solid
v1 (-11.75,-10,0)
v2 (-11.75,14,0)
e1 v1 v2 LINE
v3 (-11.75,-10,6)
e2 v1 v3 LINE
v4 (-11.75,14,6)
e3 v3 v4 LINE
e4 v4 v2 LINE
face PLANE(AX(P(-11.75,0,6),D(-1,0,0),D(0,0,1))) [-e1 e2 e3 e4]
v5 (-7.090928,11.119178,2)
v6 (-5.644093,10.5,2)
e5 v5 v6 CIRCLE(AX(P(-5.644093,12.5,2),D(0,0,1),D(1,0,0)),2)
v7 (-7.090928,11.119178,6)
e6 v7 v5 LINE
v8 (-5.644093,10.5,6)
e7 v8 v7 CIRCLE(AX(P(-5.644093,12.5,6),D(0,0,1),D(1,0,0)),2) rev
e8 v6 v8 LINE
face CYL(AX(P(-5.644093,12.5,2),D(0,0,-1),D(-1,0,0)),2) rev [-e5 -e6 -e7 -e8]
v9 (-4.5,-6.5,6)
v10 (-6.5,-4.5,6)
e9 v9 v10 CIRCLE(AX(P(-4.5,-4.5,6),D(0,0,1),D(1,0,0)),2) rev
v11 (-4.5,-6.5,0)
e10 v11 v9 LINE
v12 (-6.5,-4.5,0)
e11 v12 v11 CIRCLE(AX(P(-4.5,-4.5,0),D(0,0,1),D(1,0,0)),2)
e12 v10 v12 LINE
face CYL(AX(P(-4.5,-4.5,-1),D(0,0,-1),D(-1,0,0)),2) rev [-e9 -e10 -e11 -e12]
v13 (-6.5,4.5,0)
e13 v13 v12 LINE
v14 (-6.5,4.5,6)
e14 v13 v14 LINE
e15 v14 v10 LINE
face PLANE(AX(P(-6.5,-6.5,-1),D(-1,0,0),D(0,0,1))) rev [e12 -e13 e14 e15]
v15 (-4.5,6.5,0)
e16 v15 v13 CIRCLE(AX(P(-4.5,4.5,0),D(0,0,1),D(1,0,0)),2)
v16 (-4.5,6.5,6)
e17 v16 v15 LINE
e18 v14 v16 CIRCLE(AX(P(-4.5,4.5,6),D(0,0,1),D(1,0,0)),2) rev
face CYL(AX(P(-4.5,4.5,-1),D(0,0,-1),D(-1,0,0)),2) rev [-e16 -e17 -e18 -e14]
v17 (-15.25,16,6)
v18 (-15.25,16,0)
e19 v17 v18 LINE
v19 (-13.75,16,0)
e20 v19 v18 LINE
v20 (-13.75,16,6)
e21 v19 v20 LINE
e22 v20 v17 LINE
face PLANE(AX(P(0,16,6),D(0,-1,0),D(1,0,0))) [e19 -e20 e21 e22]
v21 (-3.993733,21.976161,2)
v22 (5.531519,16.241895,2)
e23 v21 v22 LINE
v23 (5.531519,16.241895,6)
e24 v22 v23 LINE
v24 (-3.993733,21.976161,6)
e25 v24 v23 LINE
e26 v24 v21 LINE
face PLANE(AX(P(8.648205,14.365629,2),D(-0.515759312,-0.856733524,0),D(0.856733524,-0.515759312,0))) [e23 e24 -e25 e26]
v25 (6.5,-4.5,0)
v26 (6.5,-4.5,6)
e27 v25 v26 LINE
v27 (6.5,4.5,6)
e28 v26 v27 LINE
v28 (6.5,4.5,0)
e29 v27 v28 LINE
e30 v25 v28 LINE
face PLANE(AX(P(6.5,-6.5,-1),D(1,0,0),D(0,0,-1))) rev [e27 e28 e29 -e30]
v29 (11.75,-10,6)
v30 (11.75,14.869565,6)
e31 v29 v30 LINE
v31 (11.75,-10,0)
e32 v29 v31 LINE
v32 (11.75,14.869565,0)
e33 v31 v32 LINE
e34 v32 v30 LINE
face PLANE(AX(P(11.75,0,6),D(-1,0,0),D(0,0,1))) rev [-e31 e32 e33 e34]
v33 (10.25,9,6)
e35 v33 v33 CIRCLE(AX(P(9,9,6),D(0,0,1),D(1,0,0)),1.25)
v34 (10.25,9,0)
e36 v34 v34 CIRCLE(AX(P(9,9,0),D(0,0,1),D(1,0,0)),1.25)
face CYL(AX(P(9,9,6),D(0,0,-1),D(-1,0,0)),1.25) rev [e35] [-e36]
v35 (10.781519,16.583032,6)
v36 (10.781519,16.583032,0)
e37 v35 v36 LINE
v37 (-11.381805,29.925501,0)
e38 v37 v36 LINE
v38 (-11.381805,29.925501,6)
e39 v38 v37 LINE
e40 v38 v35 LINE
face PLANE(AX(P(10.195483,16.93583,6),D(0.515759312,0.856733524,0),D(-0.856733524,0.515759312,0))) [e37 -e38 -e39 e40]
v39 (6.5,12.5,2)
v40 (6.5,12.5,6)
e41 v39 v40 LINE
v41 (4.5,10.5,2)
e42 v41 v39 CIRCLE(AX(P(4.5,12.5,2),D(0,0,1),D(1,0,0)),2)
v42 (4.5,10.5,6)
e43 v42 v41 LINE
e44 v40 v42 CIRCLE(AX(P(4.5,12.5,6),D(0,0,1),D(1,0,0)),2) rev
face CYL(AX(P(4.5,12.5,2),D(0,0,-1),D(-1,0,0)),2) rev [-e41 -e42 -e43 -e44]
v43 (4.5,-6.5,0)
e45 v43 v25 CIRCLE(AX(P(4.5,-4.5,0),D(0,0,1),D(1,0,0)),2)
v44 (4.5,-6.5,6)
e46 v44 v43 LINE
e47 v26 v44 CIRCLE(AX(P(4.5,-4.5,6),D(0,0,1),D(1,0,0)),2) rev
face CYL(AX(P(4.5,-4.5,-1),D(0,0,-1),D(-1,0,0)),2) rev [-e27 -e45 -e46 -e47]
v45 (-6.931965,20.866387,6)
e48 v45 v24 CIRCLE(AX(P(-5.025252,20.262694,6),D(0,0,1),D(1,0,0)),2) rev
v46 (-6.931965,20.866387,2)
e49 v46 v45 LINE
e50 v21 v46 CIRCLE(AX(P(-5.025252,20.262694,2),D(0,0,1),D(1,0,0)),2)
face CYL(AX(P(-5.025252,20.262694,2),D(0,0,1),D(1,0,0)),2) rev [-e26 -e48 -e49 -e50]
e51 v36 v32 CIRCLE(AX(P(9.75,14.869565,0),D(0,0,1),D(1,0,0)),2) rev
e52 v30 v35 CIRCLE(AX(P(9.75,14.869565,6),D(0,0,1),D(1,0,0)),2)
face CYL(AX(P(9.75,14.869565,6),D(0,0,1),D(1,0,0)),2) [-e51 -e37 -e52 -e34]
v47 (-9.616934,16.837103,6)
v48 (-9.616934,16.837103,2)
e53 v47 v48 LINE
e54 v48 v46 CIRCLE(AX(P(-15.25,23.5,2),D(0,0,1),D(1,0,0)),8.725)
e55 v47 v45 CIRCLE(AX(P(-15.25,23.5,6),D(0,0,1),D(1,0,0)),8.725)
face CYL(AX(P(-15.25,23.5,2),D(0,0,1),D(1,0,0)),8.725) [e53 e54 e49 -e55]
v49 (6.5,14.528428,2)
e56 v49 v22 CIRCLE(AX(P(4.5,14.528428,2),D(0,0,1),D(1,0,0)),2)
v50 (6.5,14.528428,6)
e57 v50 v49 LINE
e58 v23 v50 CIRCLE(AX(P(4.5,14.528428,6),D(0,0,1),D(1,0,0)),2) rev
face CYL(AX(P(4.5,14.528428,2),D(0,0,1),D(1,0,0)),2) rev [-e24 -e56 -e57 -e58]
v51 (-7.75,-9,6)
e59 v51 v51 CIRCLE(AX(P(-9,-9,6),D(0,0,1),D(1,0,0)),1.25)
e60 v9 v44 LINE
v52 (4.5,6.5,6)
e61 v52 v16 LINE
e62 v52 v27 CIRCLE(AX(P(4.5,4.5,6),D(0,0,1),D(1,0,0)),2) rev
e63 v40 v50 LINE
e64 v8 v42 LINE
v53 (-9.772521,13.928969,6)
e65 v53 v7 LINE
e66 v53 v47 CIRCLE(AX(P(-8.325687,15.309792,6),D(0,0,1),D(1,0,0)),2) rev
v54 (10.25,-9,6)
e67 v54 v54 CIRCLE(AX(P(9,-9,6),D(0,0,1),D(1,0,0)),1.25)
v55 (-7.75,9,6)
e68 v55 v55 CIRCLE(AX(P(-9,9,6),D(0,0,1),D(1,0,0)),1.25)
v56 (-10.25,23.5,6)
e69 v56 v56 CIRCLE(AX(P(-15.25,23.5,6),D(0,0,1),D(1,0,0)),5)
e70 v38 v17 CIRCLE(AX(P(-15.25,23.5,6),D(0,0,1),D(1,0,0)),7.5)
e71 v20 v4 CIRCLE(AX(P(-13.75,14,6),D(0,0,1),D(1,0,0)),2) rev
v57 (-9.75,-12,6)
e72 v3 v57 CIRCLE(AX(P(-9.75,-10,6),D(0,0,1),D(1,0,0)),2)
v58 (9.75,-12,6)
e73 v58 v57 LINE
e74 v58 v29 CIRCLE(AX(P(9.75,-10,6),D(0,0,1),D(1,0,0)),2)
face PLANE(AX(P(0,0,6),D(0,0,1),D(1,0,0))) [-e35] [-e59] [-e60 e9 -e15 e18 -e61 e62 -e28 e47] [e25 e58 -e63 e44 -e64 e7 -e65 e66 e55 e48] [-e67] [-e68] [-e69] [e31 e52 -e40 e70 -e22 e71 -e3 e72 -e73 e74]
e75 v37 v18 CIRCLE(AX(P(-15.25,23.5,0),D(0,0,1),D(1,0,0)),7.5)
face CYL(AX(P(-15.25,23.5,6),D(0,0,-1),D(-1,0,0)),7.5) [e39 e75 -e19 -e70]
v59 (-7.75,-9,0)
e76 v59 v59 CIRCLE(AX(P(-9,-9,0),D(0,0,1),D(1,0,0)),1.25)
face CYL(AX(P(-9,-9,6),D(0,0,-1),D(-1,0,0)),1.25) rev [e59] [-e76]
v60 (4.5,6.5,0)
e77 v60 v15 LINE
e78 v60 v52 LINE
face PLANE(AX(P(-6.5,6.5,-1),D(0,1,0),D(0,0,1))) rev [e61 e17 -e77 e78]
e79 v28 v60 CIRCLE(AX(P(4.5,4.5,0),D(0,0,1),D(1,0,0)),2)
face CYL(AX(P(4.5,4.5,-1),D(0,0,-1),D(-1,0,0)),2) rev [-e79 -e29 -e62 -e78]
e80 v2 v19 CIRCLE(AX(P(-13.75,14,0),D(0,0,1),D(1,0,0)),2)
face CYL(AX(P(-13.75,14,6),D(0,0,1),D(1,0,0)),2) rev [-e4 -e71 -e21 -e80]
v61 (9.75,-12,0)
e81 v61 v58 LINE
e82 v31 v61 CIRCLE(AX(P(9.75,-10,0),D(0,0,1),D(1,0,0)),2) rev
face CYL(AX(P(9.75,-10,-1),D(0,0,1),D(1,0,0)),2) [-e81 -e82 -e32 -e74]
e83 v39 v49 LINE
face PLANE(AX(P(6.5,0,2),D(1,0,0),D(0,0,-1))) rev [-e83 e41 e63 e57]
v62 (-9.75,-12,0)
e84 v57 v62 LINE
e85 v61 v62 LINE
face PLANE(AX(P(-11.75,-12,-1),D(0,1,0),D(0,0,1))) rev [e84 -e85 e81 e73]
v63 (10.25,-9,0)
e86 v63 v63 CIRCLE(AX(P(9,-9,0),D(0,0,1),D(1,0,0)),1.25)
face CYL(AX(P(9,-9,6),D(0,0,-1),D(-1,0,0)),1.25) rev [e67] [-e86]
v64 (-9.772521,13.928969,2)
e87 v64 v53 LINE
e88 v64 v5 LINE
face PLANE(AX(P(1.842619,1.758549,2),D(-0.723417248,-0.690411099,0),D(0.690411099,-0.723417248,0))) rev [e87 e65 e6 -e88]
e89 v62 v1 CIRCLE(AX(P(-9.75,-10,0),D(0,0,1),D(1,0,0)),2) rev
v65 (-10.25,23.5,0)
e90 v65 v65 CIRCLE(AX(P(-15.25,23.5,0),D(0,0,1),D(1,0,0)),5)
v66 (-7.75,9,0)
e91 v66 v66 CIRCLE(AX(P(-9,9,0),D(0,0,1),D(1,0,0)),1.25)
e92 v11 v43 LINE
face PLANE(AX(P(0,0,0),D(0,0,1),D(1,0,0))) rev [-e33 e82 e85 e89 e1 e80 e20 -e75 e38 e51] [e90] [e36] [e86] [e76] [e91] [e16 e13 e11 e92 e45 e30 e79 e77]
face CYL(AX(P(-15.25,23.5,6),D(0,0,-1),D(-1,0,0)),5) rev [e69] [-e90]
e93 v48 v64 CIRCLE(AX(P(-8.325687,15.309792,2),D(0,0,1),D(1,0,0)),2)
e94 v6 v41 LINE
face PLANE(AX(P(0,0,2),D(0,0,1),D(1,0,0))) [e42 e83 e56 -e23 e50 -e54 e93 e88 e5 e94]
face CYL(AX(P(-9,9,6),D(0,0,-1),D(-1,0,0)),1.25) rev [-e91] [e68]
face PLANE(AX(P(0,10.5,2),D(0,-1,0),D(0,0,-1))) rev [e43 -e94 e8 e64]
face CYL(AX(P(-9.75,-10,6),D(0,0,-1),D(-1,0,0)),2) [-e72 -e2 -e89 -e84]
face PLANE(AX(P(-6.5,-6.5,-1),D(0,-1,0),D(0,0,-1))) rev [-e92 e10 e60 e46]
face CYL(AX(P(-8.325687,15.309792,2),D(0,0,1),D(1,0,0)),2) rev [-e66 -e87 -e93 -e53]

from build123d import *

# Parameters (mm, degrees)
SKETCH_1_R          = 7.5
SKETCH_1_R_2        = 5
SKETCH_1_W          = 23.5
SKETCH_1_H          = 32
SKETCH_1_R_3        = 1.25
EXTRUDE_1_DEPTH     = 6
SKETCH_3_W          = 23.5
SKETCH_3_H          = 4
SKETCH_3_W_2        = 13
SKETCH_3_H_2        = 13
CUT_EXTRUDE_1_DEPTH = 7
CUT_EXTRUDE_2_DEPTH = 4
FILLET_2_R          = 2


with BuildPart() as part:
    # 草图1 → 凸台-拉伸1 (new body)
    # profile 1 of 3: a face of its own
    with BuildSketch(Plane.XY):
        with BuildLine():
            Line((-15.25, 16), (-11.75, 16))
            Line((-11.75, 16), (11.75, 16))
            Line((11.75, 16), (-11.381805158, 29.925501433))
            ThreePointArc((-11.381805158, 29.925501433), (-8.72077871, 27.190429425), (-7.75, 23.5))
            ThreePointArc((-7.75, 23.5), (-9.946699141, 18.196699141), (-15.25, 16))
        make_face()
    # profile 2 of 3: a face of its own
    with BuildSketch(Plane.XY):
        with Locations((-15.25, 23.5)):
            Circle(SKETCH_1_R)
        with Locations((-15.25, 23.5)):
            Circle(SKETCH_1_R_2, mode=Mode.SUBTRACT)
    # profile 3 of 3: a face of its own
    with BuildSketch(Plane.XY):
        Rectangle(SKETCH_1_W, SKETCH_1_H)
        with Locations((9, -9)):
            Circle(SKETCH_1_R_3, mode=Mode.SUBTRACT)
        with Locations((-9, -9)):
            Circle(SKETCH_1_R_3, mode=Mode.SUBTRACT)
        with Locations((-9, 9)):
            Circle(SKETCH_1_R_3, mode=Mode.SUBTRACT)
        with Locations((9, 9)):
            Circle(SKETCH_1_R_3, mode=Mode.SUBTRACT)
    extrude(amount=EXTRUDE_1_DEPTH)

    # 草图3 → 切除-拉伸1 (cut)
    with BuildSketch(Plane.XY.offset(6)):
        with Locations((0, -14)):
            Rectangle(SKETCH_3_W, SKETCH_3_H)
        Rectangle(SKETCH_3_W_2, SKETCH_3_H_2)
    extrude(amount=-CUT_EXTRUDE_1_DEPTH, mode=Mode.SUBTRACT)

    # 草图4 → 切除-拉伸2 (cut)
    with BuildSketch(Plane.XY.offset(6)):
        with BuildLine():
            Line((6.5, 15.658862876), (-6.525, 23.5))
            ThreePointArc((-6.525, 23.5), (-7.850272246, 18.877267672), (-11.423488063, 15.658862876))
            Line((-11.423488063, 15.658862876), (6.5, 15.658862876))
        make_face()
        Polygon((-6.5, 10.5), (6.5, 10.5), (6.5, 15.658862876), (-11.423488063, 15.658862876), align=None)
    extrude(amount=-CUT_EXTRUDE_2_DEPTH, mode=Mode.SUBTRACT)

    # 圆角2
    fillet_2_edges = [part.edges().sort_by_distance(p)[0] for p in [
        (11.75, 16, 3),
        (-11.75, 16, 3),
        (-11.75, -12, 3),
        (11.75, -12, 3),
        (6.5, 6.5, 3),
        (6.5, -6.5, 3),
        (-6.5, -6.5, 3),
        (-6.5, 6.5, 3),
        (-11.423488063, 15.658862876, 4),
        (-6.525, 23.5, 4),
        (6.5, 15.658862876, 4),
        (6.5, 10.5, 4),
        (-6.5, 10.5, 4),
    ]]
    fillet(fillet_2_edges, radius=FILLET_2_R)


solid = part.part
